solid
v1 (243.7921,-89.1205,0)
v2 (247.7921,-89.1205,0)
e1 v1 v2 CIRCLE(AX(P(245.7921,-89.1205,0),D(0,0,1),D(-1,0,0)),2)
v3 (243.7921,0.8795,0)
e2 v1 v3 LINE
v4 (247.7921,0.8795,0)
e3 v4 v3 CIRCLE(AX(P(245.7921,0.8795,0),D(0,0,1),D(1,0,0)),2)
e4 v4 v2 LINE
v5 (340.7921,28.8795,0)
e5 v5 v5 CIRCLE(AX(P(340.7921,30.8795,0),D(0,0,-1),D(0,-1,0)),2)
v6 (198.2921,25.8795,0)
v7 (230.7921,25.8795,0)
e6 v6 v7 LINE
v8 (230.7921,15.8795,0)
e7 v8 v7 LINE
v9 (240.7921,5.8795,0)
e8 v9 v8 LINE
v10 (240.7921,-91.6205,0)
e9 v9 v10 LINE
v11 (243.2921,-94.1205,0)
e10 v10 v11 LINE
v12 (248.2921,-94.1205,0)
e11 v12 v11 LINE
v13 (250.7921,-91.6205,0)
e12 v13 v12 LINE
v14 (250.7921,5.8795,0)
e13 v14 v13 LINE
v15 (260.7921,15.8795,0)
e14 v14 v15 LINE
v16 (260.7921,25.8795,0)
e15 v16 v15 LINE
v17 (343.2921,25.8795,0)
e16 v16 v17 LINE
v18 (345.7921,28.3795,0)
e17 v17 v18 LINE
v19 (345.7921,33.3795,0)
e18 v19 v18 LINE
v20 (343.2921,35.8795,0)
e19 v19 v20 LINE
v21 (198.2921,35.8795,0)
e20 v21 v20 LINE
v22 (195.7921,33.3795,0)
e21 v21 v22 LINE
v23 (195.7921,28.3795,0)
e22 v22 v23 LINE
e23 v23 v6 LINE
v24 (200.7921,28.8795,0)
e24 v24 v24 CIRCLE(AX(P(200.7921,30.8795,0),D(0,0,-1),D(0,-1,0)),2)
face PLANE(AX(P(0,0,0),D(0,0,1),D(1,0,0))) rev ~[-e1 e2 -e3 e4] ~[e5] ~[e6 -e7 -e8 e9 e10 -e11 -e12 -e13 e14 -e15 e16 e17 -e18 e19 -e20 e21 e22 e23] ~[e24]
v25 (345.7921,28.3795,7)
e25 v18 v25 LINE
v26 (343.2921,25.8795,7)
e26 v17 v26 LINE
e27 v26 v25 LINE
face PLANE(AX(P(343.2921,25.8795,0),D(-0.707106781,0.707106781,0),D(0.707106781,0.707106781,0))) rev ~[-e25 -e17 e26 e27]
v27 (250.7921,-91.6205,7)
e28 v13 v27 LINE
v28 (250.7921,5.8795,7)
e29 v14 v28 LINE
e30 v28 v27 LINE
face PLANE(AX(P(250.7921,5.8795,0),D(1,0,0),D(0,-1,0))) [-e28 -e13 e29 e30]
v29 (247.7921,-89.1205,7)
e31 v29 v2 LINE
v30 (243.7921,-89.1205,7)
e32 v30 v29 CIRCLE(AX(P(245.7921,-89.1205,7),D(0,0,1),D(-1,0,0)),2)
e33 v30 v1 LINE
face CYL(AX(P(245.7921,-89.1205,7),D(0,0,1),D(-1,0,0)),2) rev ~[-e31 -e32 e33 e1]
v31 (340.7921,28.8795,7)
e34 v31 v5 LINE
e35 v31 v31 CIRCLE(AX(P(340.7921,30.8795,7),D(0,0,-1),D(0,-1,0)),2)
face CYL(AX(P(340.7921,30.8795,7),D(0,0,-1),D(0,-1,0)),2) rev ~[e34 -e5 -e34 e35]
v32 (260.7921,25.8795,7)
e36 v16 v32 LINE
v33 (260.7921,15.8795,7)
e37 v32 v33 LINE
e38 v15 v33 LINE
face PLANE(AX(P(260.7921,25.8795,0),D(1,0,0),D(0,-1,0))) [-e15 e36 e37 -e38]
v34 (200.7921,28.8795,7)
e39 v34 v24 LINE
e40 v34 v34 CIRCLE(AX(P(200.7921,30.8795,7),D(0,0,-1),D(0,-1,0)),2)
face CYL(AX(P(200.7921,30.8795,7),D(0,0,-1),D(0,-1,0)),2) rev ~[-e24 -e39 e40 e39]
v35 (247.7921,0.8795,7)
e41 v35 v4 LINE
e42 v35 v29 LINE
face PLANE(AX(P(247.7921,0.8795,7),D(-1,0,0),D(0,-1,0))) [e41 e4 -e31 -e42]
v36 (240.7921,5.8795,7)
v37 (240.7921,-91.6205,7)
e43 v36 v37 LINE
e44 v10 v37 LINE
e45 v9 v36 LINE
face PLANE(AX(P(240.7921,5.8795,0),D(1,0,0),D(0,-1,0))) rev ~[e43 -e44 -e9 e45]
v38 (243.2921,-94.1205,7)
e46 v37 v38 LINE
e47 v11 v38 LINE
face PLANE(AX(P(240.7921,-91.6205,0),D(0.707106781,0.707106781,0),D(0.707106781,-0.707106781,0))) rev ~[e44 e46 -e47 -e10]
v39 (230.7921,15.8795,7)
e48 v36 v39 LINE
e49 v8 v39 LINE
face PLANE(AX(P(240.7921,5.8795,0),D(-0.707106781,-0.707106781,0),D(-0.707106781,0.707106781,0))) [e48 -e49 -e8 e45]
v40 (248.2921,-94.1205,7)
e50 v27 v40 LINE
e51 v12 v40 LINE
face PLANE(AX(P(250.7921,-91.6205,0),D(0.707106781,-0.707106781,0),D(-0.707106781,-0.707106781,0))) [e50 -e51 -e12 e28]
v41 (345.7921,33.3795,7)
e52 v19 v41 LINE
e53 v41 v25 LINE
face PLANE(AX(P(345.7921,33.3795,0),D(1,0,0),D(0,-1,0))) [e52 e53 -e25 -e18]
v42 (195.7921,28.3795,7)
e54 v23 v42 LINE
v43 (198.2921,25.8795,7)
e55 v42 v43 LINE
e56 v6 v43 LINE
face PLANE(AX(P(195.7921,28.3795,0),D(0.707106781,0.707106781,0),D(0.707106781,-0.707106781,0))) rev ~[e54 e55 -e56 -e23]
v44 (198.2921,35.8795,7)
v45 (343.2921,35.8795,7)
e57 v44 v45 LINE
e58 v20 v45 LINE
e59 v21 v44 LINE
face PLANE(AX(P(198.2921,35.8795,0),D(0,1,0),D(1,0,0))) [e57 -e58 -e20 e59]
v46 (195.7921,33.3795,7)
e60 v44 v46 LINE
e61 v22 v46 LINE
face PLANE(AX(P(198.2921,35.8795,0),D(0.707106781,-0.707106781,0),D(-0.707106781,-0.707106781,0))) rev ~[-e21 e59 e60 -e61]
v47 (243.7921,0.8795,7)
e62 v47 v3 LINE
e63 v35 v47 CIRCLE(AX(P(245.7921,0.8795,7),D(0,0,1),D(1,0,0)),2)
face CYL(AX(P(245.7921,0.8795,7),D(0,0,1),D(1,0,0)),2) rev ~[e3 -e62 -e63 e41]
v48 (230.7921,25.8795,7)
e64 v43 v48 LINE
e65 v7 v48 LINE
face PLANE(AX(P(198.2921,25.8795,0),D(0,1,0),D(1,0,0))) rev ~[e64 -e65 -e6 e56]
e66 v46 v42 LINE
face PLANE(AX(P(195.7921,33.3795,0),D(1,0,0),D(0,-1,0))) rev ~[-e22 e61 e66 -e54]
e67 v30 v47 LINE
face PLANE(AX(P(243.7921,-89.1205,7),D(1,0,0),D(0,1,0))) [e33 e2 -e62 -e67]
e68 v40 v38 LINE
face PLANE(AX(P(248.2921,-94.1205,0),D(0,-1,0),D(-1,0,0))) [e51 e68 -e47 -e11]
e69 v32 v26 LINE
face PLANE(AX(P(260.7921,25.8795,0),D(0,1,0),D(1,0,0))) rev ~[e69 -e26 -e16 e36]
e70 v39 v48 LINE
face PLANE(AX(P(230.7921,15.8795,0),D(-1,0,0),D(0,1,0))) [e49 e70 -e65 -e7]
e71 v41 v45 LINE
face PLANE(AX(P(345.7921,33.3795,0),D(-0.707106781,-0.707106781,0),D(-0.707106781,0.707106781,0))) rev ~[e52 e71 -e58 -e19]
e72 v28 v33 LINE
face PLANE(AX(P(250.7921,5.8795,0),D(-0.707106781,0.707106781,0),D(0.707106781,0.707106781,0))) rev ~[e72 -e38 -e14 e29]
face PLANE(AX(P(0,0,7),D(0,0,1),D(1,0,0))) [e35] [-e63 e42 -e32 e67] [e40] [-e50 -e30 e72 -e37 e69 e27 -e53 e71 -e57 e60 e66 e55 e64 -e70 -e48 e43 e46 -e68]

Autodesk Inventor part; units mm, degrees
ref_plane "YZ Plane" through (0, 0, 0) normal (1, 0, 0) x (0, 1, 0)
ref_plane "XZ Plane" through (0, 0, 0) normal (0, 1, 0) x (-1, 0, 0)
ref_plane "XY Plane" through (0, 0, 0) normal (0, 0, 1) x (1, 0, 0)
sketch "Sketch1" plane through (0, 0, 0) normal (0, 0, 1) x (1, 0, 0)
  line L0 (-11.8764, 47.9805) -> (133.1236, 47.9805) projected
  line L1 (133.1236, 47.9805) -> (135.6236, 50.4805) projected
  line L2 (135.6236, 50.4805) -> (135.6236, 55.4805) projected
  line L3 (135.6236, 55.4805) -> (133.1236, 57.9805) projected
  line L4 (133.1236, 57.9805) -> (75.6236, 57.9805) projected
  line L5 (-11.8764, 57.9805) -> (-14.3764, 55.4805) projected
  line L6 (-14.3764, 55.4805) -> (-14.3764, 50.4805) projected
  line L7 (-14.3764, 50.4805) -> (-11.8764, 47.9805) projected
  line L8 (75.6236, 57.9805) -> (75.6236, 67.9805) projected
  line L9 (75.6236, 67.9805) -> (65.6236, 77.9805) projected
  line L10 (65.6236, 77.9805) -> (55.6236, 77.9805) projected
  line L11 (55.6236, 77.9805) -> (45.6236, 67.9805) projected
  line L12 (45.6236, 67.9805) -> (45.6236, 57.9805) projected
  line L13 (45.6236, 57.9805) -> (-11.8764, 57.9805) projected
  circle A0 centre (-9.3764, 52.9805) radius 2 projected
  circle A1 centre (130.6236, 52.9805) radius 2 projected
  line L14 (200.7921, 30.8795) -> (340.7921, 30.8795) construction
  line L15 (245.7921, 30.8795) -> (245.7921, -89.1205) construction
  line L16 (198.2921, 35.8795) -> (343.2921, 35.8795)
  line L17 (240.7921, 5.8795) -> (240.7921, -91.6205)
  line L18 (250.7921, 5.8795) -> (250.7921, -91.6205)
  line L19 (248.2921, -94.1205) -> (243.2921, -94.1205)
  line L20 (195.7921, 33.3795) -> (195.7921, 28.3795)
  line L21 (345.7921, 33.3795) -> (345.7921, 28.3795)
  line L22 (240.7921, -91.6205) -> (243.2921, -94.1205)
  line L23 (250.7921, -91.6205) -> (248.2921, -94.1205)
  line L24 (343.2921, 25.8795) -> (345.7921, 28.3795)
  line L25 (345.7921, 33.3795) -> (343.2921, 35.8795)
  line L26 (198.2921, 35.8795) -> (195.7921, 33.3795)
  line L27 (195.7921, 28.3795) -> (198.2921, 25.8795)
  line L28 (198.2921, 25.8795) -> (230.7921, 25.8795)
  line L29 (260.7921, 25.8795) -> (343.2921, 25.8795)
  line L30 (260.7921, 25.8795) -> (260.7921, 15.8795)
  line L31 (230.7921, 15.8795) -> (230.7921, 25.8795)
  line L32 (250.7921, 5.8795) -> (260.7921, 15.8795)
  line L33 (240.7921, 5.8795) -> (230.7921, 15.8795)
  point P0 (195.7921, 35.8795)
  point P1 (345.7921, 35.8795)
  point P2 (195.7921, 25.8795)
  point P3 (345.7921, 25.8795)
  point P4 (240.7921, -94.1205)
  point P5 (250.7921, -94.1205)
  point P6 (260.7921, 5.8795)
  point P7 (230.7921, 5.8795)
  dimension "d54" = 140
  dimension "d55" = 120
  dimension "d56" = 45
  dimension "d57" = 5
  dimension "d59" = 5
  dimension "d60" = 5
  dimension "d61" = 5
  dimension "d62" = 5
  dimension "d63" = 5
  dimension "d64" = 2.5
  dimension "d65" = 2.5
  dimension "d66" = 2.5
  dimension "d67" = 2.5
  dimension "d68" = 2.5
  dimension "d69" = 2.5
  dimension "d70" = 2.5
  dimension "d71" = 2.5
  dimension "d72" = 2.5
  dimension "d73" = 2.5
  dimension "d74" = 2.5
  dimension "d75" = 2.5
  dimension "d76" = 30
  dimension "d77" = 20
  dimension "d78" = 15
  dimension "d79" = 10
  dimension "d80" = 10
  dimension "d81" = 10
  dimension "d82" = 10
extrude "Extrusion1" add sketch "Sketch1" along normal blind 7 contours L16 L25 L21 L24 L29 L30 L32 L18 L23 L19 L22 L17 L33 L31 L28 L27 L20 L26
sketch "Sketch2" plane through (0, 0, 7) normal (0, 0, 1) x (1, 0, 0)
  line L0 (195.7921, 33.3795) -> (195.7921, 28.3795) projected
  line L1 (345.7921, 28.3795) -> (345.7921, 33.3795) projected
  point P0 (200.7921, 30.8795)
  point P1 (340.7921, 30.8795)
  dimension "d83" = 5
  dimension "d84" = 5
hole "Hole1" at (200.7921, 30.8795, 7) at (340.7921, 30.8795, 7) direction (0, 0, -1) diameter 4 end through all
sketch "Sketch4" plane through (0, 0, 7) normal (0, 0, 1) x (1, 0, 0)
  circle A0 centre (200.7921, 30.8795) radius 2 construction
  circle A1 centre (340.7921, 30.8795) radius 2 construction
  line L0 (200.7921, 30.8795) -> (340.7921, 30.8795) construction
  line L1 (245.7921, -89.1205) -> (245.7921, 30.8795) construction
  line L2 (243.2921, -94.1205) -> (248.2921, -94.1205) construction
  line L3 (243.7921, -89.1205) -> (243.7921, 0.8795)
  line L4 (247.7921, 0.8795) -> (247.7921, -89.1205)
  arc A2 (247.7921, 0.8795) -> (243.7921, 0.8795) centre (245.7921, 0.8795) ccw
  arc A3 (243.7921, -89.1205) -> (247.7921, -89.1205) centre (245.7921, -89.1205) ccw
  point P0 (0, 0)
  point P1 (245.7921, -94.1205)
  dimension "d89" = 2
  dimension "d90" = 45
  dimension "d92" = 5
  dimension "d93" = 2
extrude "Extrusion3" cut sketch "Sketch4" against normal blind 7
equation "\"d65\" = d64"
equation "\"d66\" = d64"
equation "\"d67\" = d66"
equation "\"d68\" = d64"
equation "\"d69\" = d68"
equation "\"d70\" = d64"
equation "\"d71\" = d70"
equation "\"d72\" = d64"
equation "\"d73\" = d72"
equation "\"d74\" = d64"
equation "\"d75\" = d74"
equation "\"d80\" = d79"
equation "\"d81\" = d79"
equation "\"d82\" = d81"
properties part number "tLever" material "MDF Medium Density Fiberboard"
